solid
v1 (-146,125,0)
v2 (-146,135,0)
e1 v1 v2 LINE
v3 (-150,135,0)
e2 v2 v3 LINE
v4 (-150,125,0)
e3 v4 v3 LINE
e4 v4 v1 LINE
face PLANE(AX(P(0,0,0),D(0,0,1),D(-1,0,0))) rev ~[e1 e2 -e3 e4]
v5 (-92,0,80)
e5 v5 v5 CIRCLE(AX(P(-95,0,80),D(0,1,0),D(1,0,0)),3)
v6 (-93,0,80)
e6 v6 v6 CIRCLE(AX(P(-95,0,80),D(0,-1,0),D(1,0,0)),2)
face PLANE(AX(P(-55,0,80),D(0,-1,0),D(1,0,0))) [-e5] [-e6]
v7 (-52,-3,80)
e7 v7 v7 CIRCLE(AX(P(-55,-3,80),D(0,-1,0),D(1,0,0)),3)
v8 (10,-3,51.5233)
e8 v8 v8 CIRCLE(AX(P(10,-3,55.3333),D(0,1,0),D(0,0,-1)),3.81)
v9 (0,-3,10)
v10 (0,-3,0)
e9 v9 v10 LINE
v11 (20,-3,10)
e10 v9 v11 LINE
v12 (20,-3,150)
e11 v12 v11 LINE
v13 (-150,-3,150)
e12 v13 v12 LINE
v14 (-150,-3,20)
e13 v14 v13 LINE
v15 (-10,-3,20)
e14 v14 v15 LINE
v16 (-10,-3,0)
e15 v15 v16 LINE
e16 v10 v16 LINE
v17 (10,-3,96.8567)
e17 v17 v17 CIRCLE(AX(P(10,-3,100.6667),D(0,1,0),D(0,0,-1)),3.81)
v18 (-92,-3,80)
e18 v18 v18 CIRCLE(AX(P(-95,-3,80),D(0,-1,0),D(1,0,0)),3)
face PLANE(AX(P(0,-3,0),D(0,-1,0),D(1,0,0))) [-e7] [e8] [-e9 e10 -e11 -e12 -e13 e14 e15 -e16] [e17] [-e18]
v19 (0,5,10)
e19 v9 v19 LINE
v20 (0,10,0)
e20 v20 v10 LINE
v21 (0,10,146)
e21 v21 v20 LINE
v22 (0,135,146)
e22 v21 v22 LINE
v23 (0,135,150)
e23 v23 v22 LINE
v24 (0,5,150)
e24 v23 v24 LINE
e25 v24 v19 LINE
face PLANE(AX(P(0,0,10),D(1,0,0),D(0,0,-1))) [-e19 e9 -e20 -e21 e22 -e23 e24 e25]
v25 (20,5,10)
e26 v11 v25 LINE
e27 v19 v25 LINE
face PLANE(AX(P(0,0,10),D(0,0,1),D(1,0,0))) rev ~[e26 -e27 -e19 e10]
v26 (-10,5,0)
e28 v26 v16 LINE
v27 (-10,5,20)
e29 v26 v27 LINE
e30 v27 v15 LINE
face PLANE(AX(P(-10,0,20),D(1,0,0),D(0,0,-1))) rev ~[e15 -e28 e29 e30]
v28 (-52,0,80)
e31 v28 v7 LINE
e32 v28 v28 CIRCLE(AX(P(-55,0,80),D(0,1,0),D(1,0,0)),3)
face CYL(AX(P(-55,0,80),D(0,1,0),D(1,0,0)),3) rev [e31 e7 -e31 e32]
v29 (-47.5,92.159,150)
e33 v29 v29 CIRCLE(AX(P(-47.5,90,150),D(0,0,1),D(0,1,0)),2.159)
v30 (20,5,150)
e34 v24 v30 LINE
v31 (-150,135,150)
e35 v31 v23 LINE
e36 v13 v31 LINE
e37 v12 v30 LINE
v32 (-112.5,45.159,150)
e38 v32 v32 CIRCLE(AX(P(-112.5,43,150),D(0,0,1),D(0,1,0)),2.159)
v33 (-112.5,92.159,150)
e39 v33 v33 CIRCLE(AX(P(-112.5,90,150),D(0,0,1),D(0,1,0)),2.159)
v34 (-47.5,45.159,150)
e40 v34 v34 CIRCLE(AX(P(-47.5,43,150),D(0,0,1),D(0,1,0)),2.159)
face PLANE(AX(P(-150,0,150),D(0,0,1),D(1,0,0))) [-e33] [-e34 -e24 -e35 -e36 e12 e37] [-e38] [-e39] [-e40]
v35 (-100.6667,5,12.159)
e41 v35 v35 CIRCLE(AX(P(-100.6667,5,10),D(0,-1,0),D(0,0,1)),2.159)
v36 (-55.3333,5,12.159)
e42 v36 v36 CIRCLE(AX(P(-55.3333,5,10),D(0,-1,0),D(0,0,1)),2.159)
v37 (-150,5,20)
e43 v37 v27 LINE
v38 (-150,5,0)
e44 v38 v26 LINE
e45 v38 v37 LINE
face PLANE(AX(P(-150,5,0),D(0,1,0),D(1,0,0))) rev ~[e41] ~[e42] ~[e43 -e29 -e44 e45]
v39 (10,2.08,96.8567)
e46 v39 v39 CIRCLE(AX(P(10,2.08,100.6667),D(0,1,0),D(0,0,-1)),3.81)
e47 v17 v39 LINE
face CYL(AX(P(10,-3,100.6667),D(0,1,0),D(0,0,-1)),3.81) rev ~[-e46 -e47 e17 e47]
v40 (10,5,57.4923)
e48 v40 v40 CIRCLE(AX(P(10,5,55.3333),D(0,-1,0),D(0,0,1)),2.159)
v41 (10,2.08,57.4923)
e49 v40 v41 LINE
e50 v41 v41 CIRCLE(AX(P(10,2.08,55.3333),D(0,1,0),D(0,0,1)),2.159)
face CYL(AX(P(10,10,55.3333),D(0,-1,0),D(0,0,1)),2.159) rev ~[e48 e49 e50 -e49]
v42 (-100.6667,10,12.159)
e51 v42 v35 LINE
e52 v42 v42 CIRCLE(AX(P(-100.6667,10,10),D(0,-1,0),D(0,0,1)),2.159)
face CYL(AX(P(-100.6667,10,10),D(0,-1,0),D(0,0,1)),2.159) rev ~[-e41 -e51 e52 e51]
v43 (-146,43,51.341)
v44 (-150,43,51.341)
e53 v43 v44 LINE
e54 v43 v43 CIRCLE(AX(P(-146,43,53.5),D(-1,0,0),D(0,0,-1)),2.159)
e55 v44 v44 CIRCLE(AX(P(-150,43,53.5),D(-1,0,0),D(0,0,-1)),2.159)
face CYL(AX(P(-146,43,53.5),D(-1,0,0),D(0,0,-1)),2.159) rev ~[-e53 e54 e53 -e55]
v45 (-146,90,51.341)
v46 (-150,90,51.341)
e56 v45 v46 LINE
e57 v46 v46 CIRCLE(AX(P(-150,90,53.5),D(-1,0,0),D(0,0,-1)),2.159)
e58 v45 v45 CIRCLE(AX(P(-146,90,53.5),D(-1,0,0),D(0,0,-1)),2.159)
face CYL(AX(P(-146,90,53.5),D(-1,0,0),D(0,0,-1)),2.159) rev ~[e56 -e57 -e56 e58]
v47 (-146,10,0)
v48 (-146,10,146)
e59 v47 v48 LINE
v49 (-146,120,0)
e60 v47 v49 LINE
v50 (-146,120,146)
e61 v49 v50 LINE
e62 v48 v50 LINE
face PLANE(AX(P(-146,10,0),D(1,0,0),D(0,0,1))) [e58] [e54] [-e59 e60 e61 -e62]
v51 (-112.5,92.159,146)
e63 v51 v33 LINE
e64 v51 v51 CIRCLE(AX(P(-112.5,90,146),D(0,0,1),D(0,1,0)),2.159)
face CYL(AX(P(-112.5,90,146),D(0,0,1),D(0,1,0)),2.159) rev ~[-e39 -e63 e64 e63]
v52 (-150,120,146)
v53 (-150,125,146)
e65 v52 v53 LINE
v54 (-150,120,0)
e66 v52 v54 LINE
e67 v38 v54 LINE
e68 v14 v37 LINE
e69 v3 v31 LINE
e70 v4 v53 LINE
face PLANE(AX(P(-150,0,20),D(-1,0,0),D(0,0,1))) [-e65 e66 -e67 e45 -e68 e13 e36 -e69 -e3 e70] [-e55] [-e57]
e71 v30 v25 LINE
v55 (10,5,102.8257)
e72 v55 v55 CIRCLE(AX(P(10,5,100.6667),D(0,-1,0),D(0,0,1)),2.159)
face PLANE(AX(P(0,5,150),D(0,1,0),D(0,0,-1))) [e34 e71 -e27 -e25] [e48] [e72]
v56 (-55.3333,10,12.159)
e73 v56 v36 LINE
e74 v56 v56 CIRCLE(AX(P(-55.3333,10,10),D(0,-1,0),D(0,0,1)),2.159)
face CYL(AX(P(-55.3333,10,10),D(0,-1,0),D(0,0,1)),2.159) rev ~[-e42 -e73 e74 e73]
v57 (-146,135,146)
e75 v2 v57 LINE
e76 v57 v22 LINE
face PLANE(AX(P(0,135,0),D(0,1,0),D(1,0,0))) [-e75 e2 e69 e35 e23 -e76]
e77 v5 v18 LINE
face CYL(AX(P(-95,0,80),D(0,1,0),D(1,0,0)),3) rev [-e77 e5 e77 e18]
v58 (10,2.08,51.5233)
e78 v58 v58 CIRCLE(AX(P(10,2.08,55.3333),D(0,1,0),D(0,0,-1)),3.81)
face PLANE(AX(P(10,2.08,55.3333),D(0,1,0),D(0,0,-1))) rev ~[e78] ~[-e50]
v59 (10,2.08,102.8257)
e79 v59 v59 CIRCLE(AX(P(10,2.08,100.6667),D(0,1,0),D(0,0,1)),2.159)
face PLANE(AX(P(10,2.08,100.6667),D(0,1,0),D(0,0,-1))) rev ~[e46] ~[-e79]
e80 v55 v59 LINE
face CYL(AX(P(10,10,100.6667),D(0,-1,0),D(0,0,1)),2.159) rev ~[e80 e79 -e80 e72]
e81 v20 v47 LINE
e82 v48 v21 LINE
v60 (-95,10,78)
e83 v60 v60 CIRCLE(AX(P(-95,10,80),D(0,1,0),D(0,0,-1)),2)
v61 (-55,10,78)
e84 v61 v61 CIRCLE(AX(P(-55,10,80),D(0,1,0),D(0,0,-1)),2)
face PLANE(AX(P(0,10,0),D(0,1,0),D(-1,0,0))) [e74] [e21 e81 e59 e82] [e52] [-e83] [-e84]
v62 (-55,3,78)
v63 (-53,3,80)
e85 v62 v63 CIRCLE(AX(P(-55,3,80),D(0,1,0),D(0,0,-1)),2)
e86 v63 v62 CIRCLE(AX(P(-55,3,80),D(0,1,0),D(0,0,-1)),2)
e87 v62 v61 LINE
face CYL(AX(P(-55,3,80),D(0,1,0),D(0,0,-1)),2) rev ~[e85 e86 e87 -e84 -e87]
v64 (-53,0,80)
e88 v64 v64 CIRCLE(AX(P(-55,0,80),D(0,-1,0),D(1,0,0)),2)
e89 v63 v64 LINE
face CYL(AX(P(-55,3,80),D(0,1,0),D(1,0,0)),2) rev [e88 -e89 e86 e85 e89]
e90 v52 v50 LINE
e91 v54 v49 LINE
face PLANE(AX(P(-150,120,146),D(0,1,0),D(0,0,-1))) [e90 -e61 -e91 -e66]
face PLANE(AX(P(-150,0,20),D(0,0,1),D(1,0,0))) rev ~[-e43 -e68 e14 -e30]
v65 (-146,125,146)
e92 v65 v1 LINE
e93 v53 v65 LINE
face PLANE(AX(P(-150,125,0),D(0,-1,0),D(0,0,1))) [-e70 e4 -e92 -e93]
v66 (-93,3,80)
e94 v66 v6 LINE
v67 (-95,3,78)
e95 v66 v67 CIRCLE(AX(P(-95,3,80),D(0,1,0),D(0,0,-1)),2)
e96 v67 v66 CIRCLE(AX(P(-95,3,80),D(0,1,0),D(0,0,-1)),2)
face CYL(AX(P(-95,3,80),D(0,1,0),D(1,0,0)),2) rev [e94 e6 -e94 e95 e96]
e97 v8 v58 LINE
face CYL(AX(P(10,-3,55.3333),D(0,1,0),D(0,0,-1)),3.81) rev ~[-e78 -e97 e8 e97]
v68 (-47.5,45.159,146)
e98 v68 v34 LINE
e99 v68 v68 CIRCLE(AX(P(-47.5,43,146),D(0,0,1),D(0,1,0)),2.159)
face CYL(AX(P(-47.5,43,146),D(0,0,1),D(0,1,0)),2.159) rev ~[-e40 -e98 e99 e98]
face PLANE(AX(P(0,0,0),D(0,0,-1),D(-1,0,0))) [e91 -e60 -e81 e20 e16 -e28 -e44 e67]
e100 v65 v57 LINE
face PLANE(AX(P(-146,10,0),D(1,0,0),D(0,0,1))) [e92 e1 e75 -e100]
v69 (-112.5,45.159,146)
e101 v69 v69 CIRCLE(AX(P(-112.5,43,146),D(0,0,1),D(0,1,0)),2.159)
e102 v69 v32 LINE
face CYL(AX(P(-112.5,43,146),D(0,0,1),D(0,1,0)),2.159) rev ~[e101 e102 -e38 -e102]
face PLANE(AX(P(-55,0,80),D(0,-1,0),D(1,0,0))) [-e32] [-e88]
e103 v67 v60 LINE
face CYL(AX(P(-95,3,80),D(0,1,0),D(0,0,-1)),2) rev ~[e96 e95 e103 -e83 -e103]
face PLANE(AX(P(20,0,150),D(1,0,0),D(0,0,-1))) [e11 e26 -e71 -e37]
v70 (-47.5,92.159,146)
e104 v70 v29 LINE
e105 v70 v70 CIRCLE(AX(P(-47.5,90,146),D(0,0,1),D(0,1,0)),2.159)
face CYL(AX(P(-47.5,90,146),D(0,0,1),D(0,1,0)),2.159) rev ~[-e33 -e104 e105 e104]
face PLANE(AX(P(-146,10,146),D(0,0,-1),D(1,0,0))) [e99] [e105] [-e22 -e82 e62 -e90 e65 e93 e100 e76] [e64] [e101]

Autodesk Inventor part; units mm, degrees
ref_plane "YZ Plane" through (0, 0, 0) normal (1, 0, 0) x (0, 1, 0)
ref_plane "XZ Plane" through (0, 0, 0) normal (0, 1, 0) x (-1, 0, 0)
ref_plane "XY Plane" through (0, 0, 0) normal (0, 0, 1) x (1, 0, 0)
sketch "Sketch1" plane through (0, 0, 0) normal (0, 1, 0) x (-1, 0, 0)
  line L0 (0, 0) -> (150, 0)
  line L1 (150, 0) -> (150, 150)
  line L2 (150, 150) -> (0, 150)
  line L3 (0, 150) -> (0, 0)
  dimension "d0" = 150
  dimension "d1" = 150
extrude "Extrusion1" add sketch "Sketch1" along normal blind 10
sketch "Sketch2" plane through (0, 10, 0) normal (0, 1, 0) x (1, 0, 0)
  line L0 (0, 0) -> (-150, 0) projected
  line L1 (-150, 0) -> (-146, 0)
  line L2 (-146, 0) -> (-146, -146)
  line L3 (-146, -146) -> (0, -146)
  line L4 (0, -150) -> (0, 0) projected
  line L5 (-150, 0) -> (-150, -150) projected
  line L6 (-150, -150) -> (0, -150) projected
  line L7 (0, -150) -> (0, 0) projected
  line L8 (0, 0) -> (-150, 0) projected
  dimension "d4" = 4
  dimension "d5" = 146
extrude "Extrusion2" add sketch "Sketch2" along normal blind 125 contours L2 L3 L4 L6 L5 L0
sketch "Sketch3" plane through (0, 0, 150) normal (1, 0, 0) x (0, 0, -1)
  line L0 (150, 0) -> (0, 0) projected
  line L1 (0, 0) -> (0, 5)
  line L2 (0, 0) -> (0, 135) projected
  line L3 (0, 5) -> (140, 5)
  line L4 (140, 5) -> (140, 0)
  line L5 (140, 0) -> (0, 0)
  dimension "d8" = 5
  dimension "d9" = 140
  dimension "d10" = 90
extrude "Extrusion3" add sketch "Sketch3" along normal blind 20
sketch "Sketch4" plane through (0, 0, 0) normal (0, 0, -1) x (-1, 0, 0)
  line L0 (150, 0) -> (-20, 0) projected
  line L1 (150, 0) -> (150, 5)
  line L2 (150, 5) -> (10, 5)
  line L3 (10, 5) -> (10, 0)
  line L4 (10, 0) -> (150, 0)
  point P0 (0, 0)
  point P1 (10, 0)
  dimension "d13" = 5
  dimension "d14" = 140
extrude "Extrusion4" cut sketch "Sketch4" against normal blind 20
sketch "Sketch5" plane through (0, 10, 146) normal (0, 0, -1) x (-1, 0, 0)
  line L0 (150, 125) -> (0, 125) projected
  line L1 (0, 125) -> (25, 125)
  line L2 (25, 125) -> (25, 85)
  line L3 (25, 85) -> (70, 85)
  line L4 (70, 85) -> (70, 28)
  line L5 (70, 28) -> (25, 28)
  line L6 (25, 28) -> (25, 85)
  line L7 (70, 85) -> (90, 85)
  line L8 (90, 85) -> (90, 28)
  line L9 (90, 28) -> (135, 28)
  line L10 (135, 28) -> (135, 85)
  line L11 (135, 85) -> (90, 85)
  line L12 (47.5, 85) -> (47.5, 80)
  line L13 (47.5, 80) -> (47.5, 33)
  line L14 (112.5, 85) -> (112.5, 80)
  line L15 (112.5, 80) -> (112.5, 33)
  point P0 (0, -10)
  dimension "d17" = 25
  dimension "d18" = 40
  dimension "d19" = 45
  dimension "d20" = 57
  dimension "d21" = 20
  dimension "d22" = 45
  dimension "d23" = 5
  dimension "d24" = 47
  dimension "d25" = 5
  dimension "d26" = 47
hole "Hole1" at (-47.5, 90, 146) at (-112.5, 90, 146) at (-112.5, 43, 146) at (-47.5, 43, 146) direction (0, 0, 1) diameter 4.318 end through all
sketch "Sketch6" plane through (-146, 10, 146) normal (1, 0, 0) x (0, 0, -1)
  line L0 (0, 125) -> (146, 125) projected
  line L1 (0, 125) -> (70, 125)
  line L2 (70, 125) -> (70, 85)
  line L3 (70, 85) -> (115, 85)
  line L4 (115, 85) -> (115, 28)
  line L5 (115, 28) -> (70, 28)
  line L6 (70, 28) -> (70, 85)
  line L7 (92.5, 85) -> (92.5, 80)
  line L8 (92.5, 80) -> (92.5, 33)
  point P0 (146, -10)
  dimension "d34" = 70
  dimension "d35" = 40
  dimension "d36" = 45
  dimension "d37" = 57
  dimension "d38" = 5
  dimension "d39" = 47
hole "Hole2" at (-146, 90, 53.5) at (-146, 43, 53.5) direction (-1, 0, 0) diameter 4.318 end through all
sketch "Sketch7" plane through (0, 0, 0) normal (0, -1, 0) x (1, 0, 0)
  line L0 (-150, 0) -> (-150, 150) projected
  line L1 (-150, 0) -> (-75, 0)
  line L2 (0, 0) -> (-146, 0) projected
  line L3 (-75, 0) -> (-75, 80)
  line L4 (-75, 80) -> (-55, 80)
  line L5 (-55, 80) -> (-95, 80)
  dimension "d47" = 75
  dimension "d48" = 80
  dimension "d49" = 20
  dimension "d50" = 40
hole "Hole3" at (-95, 0, 80) at (-55, 0, 80) direction (0, 1, 0) diameter 4 end through all counterbore diameter 6 counterbore depth 3
sketch "Sketch8" plane through (-150, 0, 150) normal (-1, 0, 0) x (0, 0, 1)
  line L0 (-150, 10) -> (-150, 135) projected
  line L1 (-150, 135) -> (-150, 125)
  line L2 (-150, 125) -> (-4, 125)
  line L3 (-4, 10) -> (-4, 135) projected
  line L4 (-4, 125) -> (-4, 120)
  line L5 (-4, 120) -> (-150, 120)
  line L6 (-150, 125) -> (-150, 120)
  point P0 (-150, 0)
  dimension "d58" = 10
  dimension "d59" = 146
  dimension "d60" = 5
extrude "Extrusion5" cut sketch "Sketch8" against normal blind 10
sketch "Sketch9" plane through (0, 10, 0) normal (0, 1, 0) x (1, 0, 0)
  line L0 (0, -10) -> (20, -10) projected
  line L1 (0, -10) -> (0, -55.3333)
  line L2 (0, -146) -> (0, 0) projected
  line L3 (0, -55.3333) -> (10, -55.3333)
  line L4 (10, -55.3333) -> (10, -100.6667)
  line L5 (-10, 0) -> (-10, -20) projected
  line L6 (-10, 0) -> (-55.3333, 0)
  line L7 (0, 0) -> (-146, 0) projected
  line L8 (-55.3333, 0) -> (-55.3333, -10)
  line L9 (-55.3333, -10) -> (-100.6667, -10)
  dimension "d63" = 45.3333
  dimension "d64" = 10
  dimension "d65" = 45.3333
  dimension "d66" = 45.3333
  dimension "d67" = 10
  dimension "d68" = 45.3333
hole "Hole4" at (10, 10, 100.6667) at (10, 10, 55.3333) at (-55.3333, 10, 10) at (-100.6667, 10, 10) direction (0, -1, 0) diameter 4.318 end through all
sketch "Sketch10" plane through (0, 10, 0) normal (0, 1, 0) x (1, 0, 0)
  point P0 (0, 0)
sketch "Sketch11" plane through (0, 0, 0) normal (0, -1, 0) x (1, 0, 0)
  circle A0 centre (10, 100.6667) radius 2.159 projected
  circle A1 centre (10, 55.3333) radius 2.159 projected
  circle A2 centre (-95, 80) radius 3 projected
  circle A3 centre (-55, 80) radius 3 projected
  line L0 (-10, 20) -> (-10, 0) projected
  line L1 (0, 0) -> (-10, 0) projected
  line L2 (0, 10) -> (0, 0) projected
  line L3 (0, 10) -> (20, 10) projected
  line L4 (20, 150) -> (20, 10) projected
  line L5 (-150, 150) -> (20, 150) projected
  line L6 (-150, 20) -> (-150, 150) projected
  line L7 (-150, 20) -> (-10, 20) projected
extrude "Extrusion6" add sketch "Sketch11" along normal blind 3
sketch "Sketch12" plane through (-55, 3, 80) normal (0, -1, 0) x (1, 0, 0)
  circle A0 centre (0, 0) radius 3 projected
  circle A1 centre (0, 0) radius 2 projected
  circle A2 centre (-40, 0) radius 3 projected
  circle A3 centre (-40, 0) radius 2 projected
  point P0 (55, -80)
extrude "Extrusion7" add sketch "Sketch12" along normal blind 3
sketch "Sketch13" plane through (0, -3, 0) normal (0, -1, 0) x (1, 0, 0)
  circle A0 centre (10, 100.6667) radius 2.159 projected
  circle A1 centre (10, 55.3333) radius 2.159 projected
  point P0 (0, 0)
hole "Hole5" at (10, -3, 100.6667) at (10, -3, 55.3333) direction (0, 1, 0) diameter 4.318 end through all counterbore diameter 7.62 counterbore depth 5.08
properties part number "Quarter 2"
